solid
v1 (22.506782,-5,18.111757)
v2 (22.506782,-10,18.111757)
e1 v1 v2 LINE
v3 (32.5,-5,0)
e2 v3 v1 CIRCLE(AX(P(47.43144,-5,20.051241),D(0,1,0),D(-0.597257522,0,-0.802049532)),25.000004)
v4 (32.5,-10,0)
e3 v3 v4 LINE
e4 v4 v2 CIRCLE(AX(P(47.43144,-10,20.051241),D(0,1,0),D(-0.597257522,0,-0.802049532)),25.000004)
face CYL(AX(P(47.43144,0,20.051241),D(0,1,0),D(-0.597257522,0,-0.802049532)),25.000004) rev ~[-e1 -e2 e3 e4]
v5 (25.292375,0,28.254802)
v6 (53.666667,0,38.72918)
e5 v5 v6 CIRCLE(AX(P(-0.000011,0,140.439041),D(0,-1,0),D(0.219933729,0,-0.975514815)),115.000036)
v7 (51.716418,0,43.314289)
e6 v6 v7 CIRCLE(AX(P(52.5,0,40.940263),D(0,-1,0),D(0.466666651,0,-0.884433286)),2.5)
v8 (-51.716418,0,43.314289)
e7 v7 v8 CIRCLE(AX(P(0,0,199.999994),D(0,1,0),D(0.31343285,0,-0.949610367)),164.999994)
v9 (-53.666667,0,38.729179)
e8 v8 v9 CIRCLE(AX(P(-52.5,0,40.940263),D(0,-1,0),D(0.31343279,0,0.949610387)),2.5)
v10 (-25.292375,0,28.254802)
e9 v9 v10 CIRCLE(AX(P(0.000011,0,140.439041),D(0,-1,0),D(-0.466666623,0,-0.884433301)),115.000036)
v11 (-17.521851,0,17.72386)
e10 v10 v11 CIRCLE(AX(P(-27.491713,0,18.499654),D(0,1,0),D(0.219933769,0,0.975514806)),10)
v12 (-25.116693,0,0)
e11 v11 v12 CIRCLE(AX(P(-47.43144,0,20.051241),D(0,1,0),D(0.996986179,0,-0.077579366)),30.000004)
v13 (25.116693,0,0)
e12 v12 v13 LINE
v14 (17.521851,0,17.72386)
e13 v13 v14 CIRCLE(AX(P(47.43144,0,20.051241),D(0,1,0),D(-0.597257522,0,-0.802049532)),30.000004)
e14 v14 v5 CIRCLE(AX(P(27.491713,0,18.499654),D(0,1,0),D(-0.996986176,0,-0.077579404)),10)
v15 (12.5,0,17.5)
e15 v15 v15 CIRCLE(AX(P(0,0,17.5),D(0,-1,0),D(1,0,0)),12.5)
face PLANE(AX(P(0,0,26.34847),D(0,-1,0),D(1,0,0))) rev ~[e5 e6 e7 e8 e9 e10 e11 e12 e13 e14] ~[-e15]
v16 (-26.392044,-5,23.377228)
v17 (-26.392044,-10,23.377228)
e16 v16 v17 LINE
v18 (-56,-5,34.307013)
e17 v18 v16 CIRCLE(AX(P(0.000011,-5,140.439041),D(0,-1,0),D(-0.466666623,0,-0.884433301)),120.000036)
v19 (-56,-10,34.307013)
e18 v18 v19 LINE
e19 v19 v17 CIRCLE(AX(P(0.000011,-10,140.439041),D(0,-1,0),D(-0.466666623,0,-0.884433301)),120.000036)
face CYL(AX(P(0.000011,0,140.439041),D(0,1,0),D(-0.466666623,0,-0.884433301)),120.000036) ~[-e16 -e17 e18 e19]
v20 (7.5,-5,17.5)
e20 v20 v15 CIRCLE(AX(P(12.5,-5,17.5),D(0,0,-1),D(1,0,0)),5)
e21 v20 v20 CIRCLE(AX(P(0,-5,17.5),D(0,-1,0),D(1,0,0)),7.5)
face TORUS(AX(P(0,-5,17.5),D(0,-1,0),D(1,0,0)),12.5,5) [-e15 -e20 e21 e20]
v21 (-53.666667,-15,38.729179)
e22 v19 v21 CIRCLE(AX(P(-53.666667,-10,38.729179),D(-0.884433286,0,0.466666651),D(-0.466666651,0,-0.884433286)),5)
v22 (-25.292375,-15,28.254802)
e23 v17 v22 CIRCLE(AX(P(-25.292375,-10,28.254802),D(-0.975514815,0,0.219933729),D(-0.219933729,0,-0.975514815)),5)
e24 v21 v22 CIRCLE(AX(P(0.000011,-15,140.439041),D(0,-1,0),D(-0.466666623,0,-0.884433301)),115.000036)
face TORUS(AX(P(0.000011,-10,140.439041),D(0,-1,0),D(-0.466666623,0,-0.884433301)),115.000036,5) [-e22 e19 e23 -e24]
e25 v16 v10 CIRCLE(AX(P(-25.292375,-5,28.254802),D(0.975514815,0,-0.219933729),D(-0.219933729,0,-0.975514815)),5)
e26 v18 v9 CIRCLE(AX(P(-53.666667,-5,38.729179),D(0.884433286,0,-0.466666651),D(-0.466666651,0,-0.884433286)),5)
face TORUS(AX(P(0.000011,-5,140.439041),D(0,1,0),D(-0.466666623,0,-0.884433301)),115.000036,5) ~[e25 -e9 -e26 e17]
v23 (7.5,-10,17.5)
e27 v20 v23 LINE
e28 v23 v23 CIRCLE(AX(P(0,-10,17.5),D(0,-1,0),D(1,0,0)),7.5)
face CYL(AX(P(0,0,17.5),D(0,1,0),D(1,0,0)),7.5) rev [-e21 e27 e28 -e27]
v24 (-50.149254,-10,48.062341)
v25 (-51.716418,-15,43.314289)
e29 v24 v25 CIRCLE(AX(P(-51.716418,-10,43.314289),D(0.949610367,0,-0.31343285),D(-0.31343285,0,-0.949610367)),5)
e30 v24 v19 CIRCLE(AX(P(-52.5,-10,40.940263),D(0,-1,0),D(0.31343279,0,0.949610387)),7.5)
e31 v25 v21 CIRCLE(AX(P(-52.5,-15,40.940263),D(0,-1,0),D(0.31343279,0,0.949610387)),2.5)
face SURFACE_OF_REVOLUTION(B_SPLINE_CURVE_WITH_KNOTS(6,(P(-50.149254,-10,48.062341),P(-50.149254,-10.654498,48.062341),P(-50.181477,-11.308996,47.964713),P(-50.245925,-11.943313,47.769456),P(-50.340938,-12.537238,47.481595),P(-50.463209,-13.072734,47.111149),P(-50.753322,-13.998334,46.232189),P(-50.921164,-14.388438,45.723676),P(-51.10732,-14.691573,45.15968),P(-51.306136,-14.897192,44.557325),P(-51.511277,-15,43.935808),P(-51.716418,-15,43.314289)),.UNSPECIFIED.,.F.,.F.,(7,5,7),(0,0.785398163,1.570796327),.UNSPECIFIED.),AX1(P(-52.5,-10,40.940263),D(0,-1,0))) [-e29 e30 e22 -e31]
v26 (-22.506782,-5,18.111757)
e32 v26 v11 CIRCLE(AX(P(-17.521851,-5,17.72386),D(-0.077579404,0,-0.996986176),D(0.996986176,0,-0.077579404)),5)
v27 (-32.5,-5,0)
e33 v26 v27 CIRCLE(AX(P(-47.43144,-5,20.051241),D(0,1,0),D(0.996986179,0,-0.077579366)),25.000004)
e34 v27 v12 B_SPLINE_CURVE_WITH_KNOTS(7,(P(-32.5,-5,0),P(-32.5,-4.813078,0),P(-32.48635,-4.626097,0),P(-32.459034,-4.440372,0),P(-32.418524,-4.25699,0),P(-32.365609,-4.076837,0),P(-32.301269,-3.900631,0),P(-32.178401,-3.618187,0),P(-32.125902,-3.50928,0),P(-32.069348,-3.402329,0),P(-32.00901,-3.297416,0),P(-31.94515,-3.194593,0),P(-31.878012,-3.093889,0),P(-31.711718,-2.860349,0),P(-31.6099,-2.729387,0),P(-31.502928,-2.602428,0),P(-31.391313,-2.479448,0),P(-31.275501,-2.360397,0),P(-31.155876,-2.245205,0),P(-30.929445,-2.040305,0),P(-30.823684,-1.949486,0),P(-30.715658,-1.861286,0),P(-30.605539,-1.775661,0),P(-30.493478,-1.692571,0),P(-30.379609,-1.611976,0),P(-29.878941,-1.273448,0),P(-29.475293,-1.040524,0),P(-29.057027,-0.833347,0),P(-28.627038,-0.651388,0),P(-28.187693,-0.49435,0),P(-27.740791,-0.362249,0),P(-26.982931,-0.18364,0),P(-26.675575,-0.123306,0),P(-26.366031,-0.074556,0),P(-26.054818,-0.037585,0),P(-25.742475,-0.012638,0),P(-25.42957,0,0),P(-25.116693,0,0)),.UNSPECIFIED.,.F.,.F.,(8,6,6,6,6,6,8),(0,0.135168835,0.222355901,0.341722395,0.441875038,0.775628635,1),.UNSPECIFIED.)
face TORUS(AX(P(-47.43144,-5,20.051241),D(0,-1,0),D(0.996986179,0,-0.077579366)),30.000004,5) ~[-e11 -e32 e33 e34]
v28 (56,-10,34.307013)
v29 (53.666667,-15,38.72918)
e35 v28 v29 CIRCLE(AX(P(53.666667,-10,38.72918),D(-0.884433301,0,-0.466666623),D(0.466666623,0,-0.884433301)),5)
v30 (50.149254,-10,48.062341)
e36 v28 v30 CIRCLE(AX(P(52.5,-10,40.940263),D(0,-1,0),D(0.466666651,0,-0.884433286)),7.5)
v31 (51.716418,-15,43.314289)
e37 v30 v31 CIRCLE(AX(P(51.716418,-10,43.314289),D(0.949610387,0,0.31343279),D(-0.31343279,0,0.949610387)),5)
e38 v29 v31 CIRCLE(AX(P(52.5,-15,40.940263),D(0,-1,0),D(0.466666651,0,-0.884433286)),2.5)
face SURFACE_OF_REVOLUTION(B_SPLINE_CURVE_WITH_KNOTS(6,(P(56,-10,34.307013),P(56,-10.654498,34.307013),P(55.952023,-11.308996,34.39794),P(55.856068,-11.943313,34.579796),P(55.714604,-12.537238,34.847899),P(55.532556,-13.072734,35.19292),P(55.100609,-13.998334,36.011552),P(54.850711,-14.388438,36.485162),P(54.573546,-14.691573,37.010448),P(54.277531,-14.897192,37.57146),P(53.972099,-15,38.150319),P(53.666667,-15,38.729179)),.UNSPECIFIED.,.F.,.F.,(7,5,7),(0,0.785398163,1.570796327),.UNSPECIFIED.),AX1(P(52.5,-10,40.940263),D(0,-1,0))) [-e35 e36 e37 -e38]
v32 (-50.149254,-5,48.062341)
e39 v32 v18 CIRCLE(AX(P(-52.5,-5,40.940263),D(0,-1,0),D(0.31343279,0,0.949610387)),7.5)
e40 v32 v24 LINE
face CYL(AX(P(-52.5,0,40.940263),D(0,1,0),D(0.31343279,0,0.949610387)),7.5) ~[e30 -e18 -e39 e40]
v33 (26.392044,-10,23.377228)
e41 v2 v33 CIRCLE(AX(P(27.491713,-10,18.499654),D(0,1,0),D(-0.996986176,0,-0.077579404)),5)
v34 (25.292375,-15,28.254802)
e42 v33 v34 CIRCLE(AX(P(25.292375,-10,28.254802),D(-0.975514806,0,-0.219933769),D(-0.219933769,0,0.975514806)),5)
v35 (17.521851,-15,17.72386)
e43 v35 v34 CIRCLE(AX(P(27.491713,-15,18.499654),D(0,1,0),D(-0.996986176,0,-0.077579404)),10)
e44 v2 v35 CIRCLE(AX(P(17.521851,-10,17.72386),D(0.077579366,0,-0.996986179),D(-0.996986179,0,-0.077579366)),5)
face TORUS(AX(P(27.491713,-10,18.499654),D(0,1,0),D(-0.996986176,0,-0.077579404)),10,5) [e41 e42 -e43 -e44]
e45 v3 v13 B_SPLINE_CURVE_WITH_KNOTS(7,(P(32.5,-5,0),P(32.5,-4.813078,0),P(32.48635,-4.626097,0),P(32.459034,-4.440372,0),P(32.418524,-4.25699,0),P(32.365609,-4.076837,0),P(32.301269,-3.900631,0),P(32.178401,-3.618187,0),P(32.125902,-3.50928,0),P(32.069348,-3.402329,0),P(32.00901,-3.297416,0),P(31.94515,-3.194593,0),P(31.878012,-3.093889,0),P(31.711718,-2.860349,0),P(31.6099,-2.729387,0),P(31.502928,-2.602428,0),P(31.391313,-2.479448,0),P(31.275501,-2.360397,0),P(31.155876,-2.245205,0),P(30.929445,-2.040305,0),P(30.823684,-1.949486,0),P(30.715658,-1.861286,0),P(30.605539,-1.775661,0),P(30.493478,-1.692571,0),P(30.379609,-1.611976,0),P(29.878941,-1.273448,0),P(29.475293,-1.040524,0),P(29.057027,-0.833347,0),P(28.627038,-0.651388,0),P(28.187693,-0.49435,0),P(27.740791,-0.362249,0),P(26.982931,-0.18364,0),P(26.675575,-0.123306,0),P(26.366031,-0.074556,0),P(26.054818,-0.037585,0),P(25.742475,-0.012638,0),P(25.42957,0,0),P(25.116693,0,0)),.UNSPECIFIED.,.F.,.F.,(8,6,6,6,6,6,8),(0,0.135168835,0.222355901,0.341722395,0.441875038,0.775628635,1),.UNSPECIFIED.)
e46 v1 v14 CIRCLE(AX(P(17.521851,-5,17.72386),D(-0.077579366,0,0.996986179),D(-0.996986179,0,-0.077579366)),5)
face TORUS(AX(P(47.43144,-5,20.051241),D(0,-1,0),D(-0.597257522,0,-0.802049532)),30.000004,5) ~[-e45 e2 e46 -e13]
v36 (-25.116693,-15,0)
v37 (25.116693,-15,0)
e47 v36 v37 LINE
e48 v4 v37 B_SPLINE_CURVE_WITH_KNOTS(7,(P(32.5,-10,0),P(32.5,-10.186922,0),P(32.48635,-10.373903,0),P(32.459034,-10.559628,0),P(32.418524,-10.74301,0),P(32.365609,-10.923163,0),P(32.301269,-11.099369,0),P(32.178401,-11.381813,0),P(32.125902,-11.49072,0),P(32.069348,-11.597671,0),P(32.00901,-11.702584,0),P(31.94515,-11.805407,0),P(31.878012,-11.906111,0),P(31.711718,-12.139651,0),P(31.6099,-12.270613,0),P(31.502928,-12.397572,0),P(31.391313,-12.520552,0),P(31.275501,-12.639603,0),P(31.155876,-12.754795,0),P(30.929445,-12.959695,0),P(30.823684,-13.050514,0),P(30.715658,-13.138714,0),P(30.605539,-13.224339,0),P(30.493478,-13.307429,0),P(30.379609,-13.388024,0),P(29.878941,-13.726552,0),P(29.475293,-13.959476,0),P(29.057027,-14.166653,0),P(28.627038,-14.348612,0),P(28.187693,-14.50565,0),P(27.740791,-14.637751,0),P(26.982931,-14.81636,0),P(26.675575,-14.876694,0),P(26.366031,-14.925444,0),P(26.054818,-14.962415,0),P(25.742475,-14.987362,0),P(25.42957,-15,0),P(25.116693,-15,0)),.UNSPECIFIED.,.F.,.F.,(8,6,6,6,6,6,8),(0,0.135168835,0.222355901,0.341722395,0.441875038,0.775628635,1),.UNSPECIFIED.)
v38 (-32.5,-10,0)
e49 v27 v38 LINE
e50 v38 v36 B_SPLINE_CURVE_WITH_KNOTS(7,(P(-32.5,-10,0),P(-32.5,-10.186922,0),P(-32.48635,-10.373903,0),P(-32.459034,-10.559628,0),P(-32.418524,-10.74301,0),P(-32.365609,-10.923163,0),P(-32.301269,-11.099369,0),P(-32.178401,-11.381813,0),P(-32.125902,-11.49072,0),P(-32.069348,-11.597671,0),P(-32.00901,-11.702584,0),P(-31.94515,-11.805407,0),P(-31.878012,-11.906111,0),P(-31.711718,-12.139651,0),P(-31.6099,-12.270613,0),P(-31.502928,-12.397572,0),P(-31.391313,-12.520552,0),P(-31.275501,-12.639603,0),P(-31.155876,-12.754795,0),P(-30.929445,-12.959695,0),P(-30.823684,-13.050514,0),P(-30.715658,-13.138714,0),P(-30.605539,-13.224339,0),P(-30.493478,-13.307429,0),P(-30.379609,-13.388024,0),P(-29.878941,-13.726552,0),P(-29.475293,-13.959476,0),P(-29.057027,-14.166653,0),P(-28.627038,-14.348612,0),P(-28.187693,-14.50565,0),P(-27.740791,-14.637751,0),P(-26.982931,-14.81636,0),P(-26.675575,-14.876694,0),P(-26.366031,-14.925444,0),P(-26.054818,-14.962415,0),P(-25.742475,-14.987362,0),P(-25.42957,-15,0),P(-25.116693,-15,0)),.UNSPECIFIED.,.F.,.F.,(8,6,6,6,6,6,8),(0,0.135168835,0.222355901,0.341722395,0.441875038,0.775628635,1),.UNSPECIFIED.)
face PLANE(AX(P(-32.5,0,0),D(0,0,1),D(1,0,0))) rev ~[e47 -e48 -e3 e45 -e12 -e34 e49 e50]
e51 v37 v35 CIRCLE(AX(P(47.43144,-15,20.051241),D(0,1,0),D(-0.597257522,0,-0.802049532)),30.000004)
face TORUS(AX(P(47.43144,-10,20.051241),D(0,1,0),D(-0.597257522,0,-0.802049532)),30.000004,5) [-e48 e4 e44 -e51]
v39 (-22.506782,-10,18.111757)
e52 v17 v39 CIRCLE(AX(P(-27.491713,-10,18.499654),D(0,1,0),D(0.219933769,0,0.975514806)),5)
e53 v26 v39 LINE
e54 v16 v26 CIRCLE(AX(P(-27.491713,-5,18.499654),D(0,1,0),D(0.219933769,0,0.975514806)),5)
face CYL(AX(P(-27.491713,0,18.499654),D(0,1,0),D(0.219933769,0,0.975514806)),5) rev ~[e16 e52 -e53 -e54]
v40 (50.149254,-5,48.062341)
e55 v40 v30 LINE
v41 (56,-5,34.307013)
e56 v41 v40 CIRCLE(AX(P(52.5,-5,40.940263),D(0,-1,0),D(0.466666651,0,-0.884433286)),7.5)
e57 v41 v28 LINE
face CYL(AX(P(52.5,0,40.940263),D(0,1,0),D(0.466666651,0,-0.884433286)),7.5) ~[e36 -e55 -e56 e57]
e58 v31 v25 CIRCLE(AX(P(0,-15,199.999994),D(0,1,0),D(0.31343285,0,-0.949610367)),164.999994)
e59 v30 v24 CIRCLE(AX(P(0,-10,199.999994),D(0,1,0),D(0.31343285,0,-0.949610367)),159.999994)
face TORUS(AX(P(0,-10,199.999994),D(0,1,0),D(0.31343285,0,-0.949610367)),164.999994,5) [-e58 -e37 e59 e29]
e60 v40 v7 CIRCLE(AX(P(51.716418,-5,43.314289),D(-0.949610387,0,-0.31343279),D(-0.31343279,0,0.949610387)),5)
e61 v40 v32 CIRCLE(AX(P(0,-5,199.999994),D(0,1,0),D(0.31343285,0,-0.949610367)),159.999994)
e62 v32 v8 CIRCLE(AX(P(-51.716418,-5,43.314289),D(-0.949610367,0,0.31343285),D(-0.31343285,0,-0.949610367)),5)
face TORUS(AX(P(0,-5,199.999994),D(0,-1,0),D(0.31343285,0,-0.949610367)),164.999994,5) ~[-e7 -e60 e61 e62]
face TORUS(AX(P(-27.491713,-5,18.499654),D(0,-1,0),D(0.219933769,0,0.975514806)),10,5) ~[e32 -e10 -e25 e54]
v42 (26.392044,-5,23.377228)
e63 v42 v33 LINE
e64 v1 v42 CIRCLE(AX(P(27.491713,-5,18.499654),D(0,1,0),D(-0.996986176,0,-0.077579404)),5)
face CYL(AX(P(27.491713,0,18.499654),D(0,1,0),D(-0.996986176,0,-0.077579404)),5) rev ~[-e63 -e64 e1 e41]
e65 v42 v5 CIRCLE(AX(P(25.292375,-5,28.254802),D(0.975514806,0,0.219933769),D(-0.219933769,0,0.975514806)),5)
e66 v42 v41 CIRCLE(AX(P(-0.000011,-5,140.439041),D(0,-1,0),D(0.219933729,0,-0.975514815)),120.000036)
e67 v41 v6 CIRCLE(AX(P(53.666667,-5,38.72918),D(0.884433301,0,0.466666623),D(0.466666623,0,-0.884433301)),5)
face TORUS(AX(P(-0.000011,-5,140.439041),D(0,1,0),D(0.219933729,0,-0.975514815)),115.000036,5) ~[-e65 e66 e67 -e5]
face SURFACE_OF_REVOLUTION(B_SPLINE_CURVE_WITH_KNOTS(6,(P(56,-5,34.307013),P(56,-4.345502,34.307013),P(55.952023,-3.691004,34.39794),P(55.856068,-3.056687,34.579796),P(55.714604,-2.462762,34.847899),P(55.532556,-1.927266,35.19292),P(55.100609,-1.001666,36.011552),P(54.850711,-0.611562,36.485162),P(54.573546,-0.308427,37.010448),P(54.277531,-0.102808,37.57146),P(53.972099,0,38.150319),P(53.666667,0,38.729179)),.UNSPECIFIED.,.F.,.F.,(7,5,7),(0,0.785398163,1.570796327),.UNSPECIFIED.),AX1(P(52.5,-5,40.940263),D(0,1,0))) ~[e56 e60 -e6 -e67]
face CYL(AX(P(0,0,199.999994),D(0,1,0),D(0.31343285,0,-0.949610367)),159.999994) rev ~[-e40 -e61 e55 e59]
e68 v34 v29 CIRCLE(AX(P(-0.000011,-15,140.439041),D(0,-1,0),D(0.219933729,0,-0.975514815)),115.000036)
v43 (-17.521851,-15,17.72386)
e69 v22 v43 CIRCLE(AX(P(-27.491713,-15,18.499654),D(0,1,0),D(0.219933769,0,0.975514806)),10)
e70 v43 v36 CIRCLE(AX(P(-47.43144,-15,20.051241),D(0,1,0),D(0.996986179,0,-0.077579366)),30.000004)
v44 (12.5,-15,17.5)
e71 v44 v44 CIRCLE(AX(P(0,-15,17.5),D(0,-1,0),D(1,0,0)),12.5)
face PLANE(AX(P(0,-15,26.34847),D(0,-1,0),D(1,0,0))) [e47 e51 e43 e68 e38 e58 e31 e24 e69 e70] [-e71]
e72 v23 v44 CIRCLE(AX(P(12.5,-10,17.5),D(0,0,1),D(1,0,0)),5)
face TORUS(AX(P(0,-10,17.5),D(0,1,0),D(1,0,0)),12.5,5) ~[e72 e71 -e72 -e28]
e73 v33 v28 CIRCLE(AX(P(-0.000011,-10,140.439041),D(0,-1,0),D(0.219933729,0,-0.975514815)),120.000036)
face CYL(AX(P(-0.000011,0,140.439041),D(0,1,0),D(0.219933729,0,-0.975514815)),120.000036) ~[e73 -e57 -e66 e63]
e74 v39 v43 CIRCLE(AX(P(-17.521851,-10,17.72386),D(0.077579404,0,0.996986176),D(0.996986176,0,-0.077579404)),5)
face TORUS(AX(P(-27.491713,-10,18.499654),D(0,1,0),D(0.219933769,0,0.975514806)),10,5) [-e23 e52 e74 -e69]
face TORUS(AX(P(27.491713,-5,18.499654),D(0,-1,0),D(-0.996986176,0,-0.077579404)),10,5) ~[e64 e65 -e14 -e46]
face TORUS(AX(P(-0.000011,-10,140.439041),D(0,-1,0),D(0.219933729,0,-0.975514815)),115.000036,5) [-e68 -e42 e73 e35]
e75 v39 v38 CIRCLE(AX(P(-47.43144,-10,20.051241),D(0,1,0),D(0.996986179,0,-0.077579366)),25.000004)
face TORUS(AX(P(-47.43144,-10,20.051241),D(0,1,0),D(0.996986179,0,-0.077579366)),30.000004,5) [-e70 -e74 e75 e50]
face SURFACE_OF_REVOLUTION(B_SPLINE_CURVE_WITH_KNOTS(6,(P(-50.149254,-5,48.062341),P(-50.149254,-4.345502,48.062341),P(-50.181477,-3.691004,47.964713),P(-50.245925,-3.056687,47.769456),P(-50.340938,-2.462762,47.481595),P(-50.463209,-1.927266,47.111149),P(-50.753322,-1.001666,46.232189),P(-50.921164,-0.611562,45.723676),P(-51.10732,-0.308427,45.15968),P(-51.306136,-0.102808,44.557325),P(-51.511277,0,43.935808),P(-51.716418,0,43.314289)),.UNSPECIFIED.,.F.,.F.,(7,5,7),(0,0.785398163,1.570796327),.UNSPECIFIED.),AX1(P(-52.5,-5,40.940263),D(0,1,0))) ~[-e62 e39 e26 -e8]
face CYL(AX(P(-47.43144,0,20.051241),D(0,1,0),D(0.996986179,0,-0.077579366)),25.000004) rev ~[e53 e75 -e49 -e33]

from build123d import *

# Parameters (mm, degrees)
F0_R     = 7.5
F1_DEPTH = 15
F2_R     = 5


with BuildPart() as f1:
    # F0 (on Front) → F1 (new body)
    with BuildSketch(Plane.XZ):
        with BuildLine():
            ThreePointArc((50.149254, 48.062341), (0, 40), (-50.149254, 48.062341))
            ThreePointArc((-50.149254, 48.062341), (-59.401627, 43.875829), (-56, 34.307013))
            ThreePointArc((-56, 34.307013), (-41.556916, 27.864486), (-26.392044, 23.377228))
            ThreePointArc((-26.392044, 23.377228), (-23.46842, 21.468343), (-22.506782, 18.111757))
            ThreePointArc((-22.506782, 18.111757), (-25.542263, 7.97382), (-32.5, 0))
            Line((-32.5, 0), (32.5, 0))
            ThreePointArc((32.5, 0), (25.542263, 7.97382), (22.506782, 18.111757))
            ThreePointArc((22.506782, 18.111757), (23.46842, 21.468343), (26.392044, 23.377228))
            ThreePointArc((26.392044, 23.377228), (41.556916, 27.864486), (56, 34.307013))
            ThreePointArc((56, 34.307013), (59.401627, 43.875829), (50.149254, 48.062341))
        make_face()
        with Locations((0, 17.5)):
            Circle(F0_R, mode=Mode.SUBTRACT)
    extrude(amount=F1_DEPTH)

    # F2
    f2_edges = [f1.edges().sort_by_distance(p)[0] for p in [
        (0, -15, 40),
        (0, 0, 40),
        (-7.5, 0, 17.5),
        (-7.5, -15, 17.5),
    ]]
    fillet(f2_edges, radius=F2_R)


solid = f1.part
